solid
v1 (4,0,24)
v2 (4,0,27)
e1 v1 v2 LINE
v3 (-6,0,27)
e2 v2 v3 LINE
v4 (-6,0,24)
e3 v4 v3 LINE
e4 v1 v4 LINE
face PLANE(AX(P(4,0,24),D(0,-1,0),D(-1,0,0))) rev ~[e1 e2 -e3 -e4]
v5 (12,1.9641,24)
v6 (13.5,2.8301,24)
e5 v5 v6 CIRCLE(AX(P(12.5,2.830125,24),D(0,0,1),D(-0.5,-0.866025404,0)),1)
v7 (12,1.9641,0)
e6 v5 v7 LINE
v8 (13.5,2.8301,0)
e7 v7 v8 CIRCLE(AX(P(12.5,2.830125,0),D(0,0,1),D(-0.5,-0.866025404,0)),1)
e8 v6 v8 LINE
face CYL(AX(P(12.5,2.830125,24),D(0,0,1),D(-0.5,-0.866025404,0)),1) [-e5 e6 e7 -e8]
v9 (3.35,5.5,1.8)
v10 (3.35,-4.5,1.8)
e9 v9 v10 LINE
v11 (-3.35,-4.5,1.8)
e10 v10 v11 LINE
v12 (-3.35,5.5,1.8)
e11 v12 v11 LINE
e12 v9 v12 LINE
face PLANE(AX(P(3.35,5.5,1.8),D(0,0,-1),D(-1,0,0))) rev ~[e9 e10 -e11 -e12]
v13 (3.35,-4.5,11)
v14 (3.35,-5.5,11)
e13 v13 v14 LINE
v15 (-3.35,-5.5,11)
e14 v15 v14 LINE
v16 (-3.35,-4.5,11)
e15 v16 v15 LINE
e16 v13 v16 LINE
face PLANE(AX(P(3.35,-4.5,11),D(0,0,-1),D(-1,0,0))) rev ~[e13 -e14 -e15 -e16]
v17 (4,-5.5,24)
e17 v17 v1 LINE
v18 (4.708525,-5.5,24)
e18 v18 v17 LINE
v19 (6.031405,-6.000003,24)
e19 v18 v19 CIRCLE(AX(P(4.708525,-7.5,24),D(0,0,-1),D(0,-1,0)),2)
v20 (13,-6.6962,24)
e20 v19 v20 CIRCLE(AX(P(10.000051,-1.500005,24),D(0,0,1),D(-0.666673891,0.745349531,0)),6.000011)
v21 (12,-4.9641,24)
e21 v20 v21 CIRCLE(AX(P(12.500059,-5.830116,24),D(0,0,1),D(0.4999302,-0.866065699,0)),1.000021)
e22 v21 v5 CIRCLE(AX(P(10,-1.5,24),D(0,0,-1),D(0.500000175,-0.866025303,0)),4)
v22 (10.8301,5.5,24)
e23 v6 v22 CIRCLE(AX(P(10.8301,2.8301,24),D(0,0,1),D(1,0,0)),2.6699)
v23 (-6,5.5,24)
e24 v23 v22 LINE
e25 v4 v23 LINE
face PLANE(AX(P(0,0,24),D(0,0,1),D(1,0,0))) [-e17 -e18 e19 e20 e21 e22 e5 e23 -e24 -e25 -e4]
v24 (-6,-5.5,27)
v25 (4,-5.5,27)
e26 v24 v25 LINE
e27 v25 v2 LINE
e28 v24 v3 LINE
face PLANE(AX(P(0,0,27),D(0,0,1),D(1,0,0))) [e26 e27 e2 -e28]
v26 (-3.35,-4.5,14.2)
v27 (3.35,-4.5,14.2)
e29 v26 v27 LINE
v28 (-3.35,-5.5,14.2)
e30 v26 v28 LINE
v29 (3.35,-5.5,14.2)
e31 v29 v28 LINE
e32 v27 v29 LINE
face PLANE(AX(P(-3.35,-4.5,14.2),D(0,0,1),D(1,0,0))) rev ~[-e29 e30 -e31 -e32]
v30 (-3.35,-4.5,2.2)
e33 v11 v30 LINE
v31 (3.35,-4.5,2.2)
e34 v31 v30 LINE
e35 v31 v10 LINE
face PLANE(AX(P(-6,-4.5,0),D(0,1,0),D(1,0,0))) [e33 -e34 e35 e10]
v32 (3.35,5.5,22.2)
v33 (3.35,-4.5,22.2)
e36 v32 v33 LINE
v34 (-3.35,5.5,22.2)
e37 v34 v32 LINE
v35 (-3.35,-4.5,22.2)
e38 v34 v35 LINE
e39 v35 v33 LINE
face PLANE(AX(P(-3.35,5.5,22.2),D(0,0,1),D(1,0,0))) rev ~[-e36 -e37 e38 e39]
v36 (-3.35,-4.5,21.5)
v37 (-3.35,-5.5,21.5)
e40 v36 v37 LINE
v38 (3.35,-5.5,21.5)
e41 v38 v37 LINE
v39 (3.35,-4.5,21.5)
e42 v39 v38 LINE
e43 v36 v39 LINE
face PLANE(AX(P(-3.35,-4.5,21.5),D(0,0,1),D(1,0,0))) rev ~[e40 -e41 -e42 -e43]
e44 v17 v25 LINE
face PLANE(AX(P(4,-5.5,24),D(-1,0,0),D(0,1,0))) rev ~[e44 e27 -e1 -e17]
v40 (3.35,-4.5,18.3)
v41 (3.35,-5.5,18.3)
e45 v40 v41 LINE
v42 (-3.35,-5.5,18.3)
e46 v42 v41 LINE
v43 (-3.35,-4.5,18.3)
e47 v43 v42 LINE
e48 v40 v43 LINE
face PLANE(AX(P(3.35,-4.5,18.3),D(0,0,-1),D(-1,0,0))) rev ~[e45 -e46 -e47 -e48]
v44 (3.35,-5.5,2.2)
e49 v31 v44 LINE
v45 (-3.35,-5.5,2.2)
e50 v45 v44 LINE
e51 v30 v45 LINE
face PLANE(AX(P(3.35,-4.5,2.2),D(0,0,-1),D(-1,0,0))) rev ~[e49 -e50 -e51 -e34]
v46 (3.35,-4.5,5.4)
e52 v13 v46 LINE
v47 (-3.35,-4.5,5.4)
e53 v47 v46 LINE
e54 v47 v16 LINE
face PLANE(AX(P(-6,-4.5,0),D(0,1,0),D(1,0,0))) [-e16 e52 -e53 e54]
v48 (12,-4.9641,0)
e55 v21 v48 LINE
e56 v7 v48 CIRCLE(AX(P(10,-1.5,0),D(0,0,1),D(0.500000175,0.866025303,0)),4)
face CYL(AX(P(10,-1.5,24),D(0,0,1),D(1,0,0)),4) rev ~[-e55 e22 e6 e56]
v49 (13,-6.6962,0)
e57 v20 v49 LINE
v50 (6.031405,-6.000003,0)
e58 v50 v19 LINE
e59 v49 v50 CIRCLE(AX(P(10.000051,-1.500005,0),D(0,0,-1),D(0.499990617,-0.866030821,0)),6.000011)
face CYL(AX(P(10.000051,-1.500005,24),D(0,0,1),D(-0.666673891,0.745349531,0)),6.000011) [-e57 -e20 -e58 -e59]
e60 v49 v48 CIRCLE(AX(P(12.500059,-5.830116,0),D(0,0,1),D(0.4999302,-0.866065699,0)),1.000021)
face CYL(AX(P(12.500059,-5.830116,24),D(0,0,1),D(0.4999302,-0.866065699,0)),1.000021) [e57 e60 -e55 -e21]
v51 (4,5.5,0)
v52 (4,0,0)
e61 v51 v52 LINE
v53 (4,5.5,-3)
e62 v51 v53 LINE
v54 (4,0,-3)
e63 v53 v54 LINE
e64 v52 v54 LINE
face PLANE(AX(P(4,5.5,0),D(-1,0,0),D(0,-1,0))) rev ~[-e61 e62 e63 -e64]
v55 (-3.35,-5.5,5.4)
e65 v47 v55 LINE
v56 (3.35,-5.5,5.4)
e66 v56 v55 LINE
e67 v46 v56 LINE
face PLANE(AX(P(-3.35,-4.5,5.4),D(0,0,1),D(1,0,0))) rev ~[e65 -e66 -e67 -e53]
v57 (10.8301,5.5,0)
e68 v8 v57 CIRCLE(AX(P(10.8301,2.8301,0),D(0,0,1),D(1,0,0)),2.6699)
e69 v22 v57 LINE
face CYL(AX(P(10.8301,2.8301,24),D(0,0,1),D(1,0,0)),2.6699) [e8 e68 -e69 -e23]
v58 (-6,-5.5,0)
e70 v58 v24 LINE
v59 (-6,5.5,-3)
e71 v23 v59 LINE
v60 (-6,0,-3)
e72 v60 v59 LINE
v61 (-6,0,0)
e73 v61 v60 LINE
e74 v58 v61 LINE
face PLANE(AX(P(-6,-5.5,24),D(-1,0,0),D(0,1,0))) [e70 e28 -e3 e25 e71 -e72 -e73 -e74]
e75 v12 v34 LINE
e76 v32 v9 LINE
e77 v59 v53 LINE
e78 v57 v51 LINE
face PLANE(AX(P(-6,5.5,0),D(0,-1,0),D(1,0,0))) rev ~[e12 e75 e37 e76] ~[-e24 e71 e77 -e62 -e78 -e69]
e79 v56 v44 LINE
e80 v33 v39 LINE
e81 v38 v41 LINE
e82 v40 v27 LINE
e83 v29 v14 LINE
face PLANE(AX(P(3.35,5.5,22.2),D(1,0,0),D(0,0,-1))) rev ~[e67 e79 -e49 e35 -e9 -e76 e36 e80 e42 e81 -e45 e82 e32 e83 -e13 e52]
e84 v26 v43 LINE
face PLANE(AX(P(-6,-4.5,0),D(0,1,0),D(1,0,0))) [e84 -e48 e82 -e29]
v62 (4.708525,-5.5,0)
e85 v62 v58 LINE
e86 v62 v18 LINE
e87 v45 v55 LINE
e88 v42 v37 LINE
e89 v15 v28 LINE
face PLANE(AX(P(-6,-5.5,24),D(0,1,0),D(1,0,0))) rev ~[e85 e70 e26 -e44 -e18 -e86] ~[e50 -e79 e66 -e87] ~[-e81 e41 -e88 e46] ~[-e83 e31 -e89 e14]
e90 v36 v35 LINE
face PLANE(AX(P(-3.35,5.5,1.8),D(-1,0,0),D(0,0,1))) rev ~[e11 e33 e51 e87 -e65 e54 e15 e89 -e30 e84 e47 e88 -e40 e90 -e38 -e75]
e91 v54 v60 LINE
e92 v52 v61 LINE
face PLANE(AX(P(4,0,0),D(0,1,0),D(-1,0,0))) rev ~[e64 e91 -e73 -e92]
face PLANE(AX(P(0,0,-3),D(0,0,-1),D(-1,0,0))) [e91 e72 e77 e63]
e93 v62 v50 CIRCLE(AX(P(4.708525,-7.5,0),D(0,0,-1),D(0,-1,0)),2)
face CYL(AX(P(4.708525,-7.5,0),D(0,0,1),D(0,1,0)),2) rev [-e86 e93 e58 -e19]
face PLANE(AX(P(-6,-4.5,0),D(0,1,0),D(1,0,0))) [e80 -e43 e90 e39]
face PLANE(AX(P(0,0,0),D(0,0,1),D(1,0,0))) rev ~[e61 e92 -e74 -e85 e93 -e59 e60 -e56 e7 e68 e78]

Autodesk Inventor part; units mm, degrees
ref_plane "YZ Plane" through (0, 0, 0) normal (1, 0, 0) x (0, 1, 0)
ref_plane "XZ Plane" through (0, 0, 0) normal (0, 1, 0) x (-1, 0, 0)
ref_plane "XY Plane" through (0, 0, 0) normal (0, 0, 1) x (1, 0, 0)
sketch "Sketch1" plane through (0, 0, 0) normal (0, 0, 1) x (1, 0, 0)
  line L0 (-6, 5.5) -> (6, 5.5)
  line L1 (6, 5.5) -> (6, -5.5)
  line L2 (6, -5.5) -> (-6, -5.5)
  line L3 (-6, -5.5) -> (-6, 5.5)
  point P0 (0, 0)
  point P1 (6, 0)
  point P2 (0, 5.5)
  dimension "d0" = 12
  dimension "d1" = 11
extrude "Extrusion1" add sketch "Sketch1" along normal blind 24
sketch "Sketch2" plane through (-6, 5.5, 0) normal (0, 1, 0) x (1, 0, 0)
  line L0 (2.65, -22.2) -> (9.35, -22.2)
  line L1 (9.35, -22.2) -> (9.35, -1.8)
  line L2 (9.35, -1.8) -> (2.65, -1.8)
  line L3 (2.65, -1.8) -> (2.65, -22.2)
  line L4 (0, 0) -> (0, -24) projected
  line L5 (0, 0) -> (12, 0) projected
  point P0 (6, 0)
  point P1 (2.65, -12)
  point P2 (0, -12)
  point P3 (6, -1.8)
  point P4 (6, 0)
  dimension "d4" = 20.4
  dimension "d5" = 6.7
extrude "Extrusion2" cut sketch "Sketch2" against normal blind 10
sketch "Sketch3" plane through (-6, -4.5, 0) normal (0, 1, 0) x (1, 0, 0)
  line L0 (2.65, -22.2) -> (2.65, -1.8) projected
  line L1 (9.35, -1.8) -> (9.35, -22.2) projected
  line L2 (2.65, -21.5) -> (9.35, -21.5)
  line L3 (9.35, -21.5) -> (9.35, -18.3)
  line L4 (9.35, -18.3) -> (2.65, -18.3)
  line L5 (2.65, -18.3) -> (2.65, -21.5)
  line L6 (2.65, -14.2) -> (9.35, -14.2)
  line L7 (9.35, -14.2) -> (9.35, -11)
  line L8 (9.35, -11) -> (2.65, -11)
  line L9 (2.65, -11) -> (2.65, -14.2)
  line L10 (2.65, -5.4) -> (9.35, -5.4)
  line L11 (9.35, -5.4) -> (9.35, -2.2)
  line L12 (9.35, -2.2) -> (2.65, -2.2)
  line L13 (2.65, -2.2) -> (2.65, -5.4)
  line L14 (9.35, -22.2) -> (2.65, -22.2) projected
  line L15 (2.65, -1.8) -> (9.35, -1.8) projected
  point P0 (6, 0)
  point P1 (2.65, -19.9)
  point P2 (2.65, -12.6)
  point P3 (2.65, -3.8)
  dimension "d9" = 7.3
  dimension "d10" = 8.8
  dimension "d11" = 3.2
  dimension "d12" = 3.2
  dimension "d13" = 3.2
  dimension "d39" = 2
extrude "Extrusion3" cut sketch "Sketch3" against normal blind 10 contours L0 L4 L1 L2 | L0 L8 L1 L6 | L0 L12 L1 L10
sketch "Sketch4" plane through (0, 0, 24) normal (0, 0, 1) x (1, 0, 0)
  line L0 (6, 5.5) -> (-6, 5.5) projected
  circle A0 centre (10, -1.5) radius 4
  arc A1 (6, 2.9721) -> (13, -6.6962) centre (10, -1.5) ccw
  arc A2 (12, 1.9641) -> (13.5, 2.8301) centre (12.5, 2.8301) ccw
  arc A3 (13, -6.6962) -> (12, -4.9641) centre (12.5, -5.8301) ccw
  line L1 (6, -5.5) -> (6, 5.5) projected
  line L2 (6, 2.9721) -> (6, -5.9721)
  circle A4 centre (10, -1.5) radius 4
  arc A5 (6, 2.9721) -> (13, -6.6962) centre (10, -1.5) ccw
  line L3 (6, 5.5) -> (10.8301, 5.5)
  line L4 (6, 5.5) -> (6, 2.9721)
  arc A6 (13.5, 2.8301) -> (10.8301, 5.5) centre (10.8301, 2.8301) ccw
  point P0 (0, 0)
  dimension "d31" = 8
  dimension "d32" = 12
  dimension "d33" = 7
  dimension "d34" = 2.5
extrude "Extrusion4" add sketch "Sketch4" against normal blind 24 contours A0 L1 L3 A6 A2 | A3 A1 L2 L1 A0 | L1 L2 A1
sketch "Sketch5" plane through (0, 0, 0) normal (0, 0, -1) x (-1, 0, 0)
  line L0 (6, 5.5) -> (-6, 5.5) projected
  line L1 (6, 5.5) -> (-4, 5.5)
  line L2 (-4, 5.5) -> (-4, 0)
  line L3 (-4, 0) -> (6, 0)
  line L4 (6, 0) -> (6, 5.5)
  dimension "d35" = 10
  dimension "d36" = 5.5
extrude "Extrusion5" add sketch "Sketch5" along normal blind 3
sketch "Sketch6" plane through (0, 0, 24) normal (0, 0, 1) x (1, 0, 0)
  line L0 (-6, -5.5) -> (-6, 0) projected
  line L1 (-6, -5.5) -> (4, -5.5)
  line L2 (4, -5.5) -> (4, 0)
  line L3 (4, 0) -> (-6, 0)
  line L4 (-6, 0) -> (-6, -5.5)
  dimension "d37" = 10
  dimension "d38" = 5.5
extrude "Extrusion6" add sketch "Sketch6" along normal blind 3
fillet "Fillet2" radius 2 1 edges at (5.5279, -5.5, 12)
properties part number "Switch holder_Right"
